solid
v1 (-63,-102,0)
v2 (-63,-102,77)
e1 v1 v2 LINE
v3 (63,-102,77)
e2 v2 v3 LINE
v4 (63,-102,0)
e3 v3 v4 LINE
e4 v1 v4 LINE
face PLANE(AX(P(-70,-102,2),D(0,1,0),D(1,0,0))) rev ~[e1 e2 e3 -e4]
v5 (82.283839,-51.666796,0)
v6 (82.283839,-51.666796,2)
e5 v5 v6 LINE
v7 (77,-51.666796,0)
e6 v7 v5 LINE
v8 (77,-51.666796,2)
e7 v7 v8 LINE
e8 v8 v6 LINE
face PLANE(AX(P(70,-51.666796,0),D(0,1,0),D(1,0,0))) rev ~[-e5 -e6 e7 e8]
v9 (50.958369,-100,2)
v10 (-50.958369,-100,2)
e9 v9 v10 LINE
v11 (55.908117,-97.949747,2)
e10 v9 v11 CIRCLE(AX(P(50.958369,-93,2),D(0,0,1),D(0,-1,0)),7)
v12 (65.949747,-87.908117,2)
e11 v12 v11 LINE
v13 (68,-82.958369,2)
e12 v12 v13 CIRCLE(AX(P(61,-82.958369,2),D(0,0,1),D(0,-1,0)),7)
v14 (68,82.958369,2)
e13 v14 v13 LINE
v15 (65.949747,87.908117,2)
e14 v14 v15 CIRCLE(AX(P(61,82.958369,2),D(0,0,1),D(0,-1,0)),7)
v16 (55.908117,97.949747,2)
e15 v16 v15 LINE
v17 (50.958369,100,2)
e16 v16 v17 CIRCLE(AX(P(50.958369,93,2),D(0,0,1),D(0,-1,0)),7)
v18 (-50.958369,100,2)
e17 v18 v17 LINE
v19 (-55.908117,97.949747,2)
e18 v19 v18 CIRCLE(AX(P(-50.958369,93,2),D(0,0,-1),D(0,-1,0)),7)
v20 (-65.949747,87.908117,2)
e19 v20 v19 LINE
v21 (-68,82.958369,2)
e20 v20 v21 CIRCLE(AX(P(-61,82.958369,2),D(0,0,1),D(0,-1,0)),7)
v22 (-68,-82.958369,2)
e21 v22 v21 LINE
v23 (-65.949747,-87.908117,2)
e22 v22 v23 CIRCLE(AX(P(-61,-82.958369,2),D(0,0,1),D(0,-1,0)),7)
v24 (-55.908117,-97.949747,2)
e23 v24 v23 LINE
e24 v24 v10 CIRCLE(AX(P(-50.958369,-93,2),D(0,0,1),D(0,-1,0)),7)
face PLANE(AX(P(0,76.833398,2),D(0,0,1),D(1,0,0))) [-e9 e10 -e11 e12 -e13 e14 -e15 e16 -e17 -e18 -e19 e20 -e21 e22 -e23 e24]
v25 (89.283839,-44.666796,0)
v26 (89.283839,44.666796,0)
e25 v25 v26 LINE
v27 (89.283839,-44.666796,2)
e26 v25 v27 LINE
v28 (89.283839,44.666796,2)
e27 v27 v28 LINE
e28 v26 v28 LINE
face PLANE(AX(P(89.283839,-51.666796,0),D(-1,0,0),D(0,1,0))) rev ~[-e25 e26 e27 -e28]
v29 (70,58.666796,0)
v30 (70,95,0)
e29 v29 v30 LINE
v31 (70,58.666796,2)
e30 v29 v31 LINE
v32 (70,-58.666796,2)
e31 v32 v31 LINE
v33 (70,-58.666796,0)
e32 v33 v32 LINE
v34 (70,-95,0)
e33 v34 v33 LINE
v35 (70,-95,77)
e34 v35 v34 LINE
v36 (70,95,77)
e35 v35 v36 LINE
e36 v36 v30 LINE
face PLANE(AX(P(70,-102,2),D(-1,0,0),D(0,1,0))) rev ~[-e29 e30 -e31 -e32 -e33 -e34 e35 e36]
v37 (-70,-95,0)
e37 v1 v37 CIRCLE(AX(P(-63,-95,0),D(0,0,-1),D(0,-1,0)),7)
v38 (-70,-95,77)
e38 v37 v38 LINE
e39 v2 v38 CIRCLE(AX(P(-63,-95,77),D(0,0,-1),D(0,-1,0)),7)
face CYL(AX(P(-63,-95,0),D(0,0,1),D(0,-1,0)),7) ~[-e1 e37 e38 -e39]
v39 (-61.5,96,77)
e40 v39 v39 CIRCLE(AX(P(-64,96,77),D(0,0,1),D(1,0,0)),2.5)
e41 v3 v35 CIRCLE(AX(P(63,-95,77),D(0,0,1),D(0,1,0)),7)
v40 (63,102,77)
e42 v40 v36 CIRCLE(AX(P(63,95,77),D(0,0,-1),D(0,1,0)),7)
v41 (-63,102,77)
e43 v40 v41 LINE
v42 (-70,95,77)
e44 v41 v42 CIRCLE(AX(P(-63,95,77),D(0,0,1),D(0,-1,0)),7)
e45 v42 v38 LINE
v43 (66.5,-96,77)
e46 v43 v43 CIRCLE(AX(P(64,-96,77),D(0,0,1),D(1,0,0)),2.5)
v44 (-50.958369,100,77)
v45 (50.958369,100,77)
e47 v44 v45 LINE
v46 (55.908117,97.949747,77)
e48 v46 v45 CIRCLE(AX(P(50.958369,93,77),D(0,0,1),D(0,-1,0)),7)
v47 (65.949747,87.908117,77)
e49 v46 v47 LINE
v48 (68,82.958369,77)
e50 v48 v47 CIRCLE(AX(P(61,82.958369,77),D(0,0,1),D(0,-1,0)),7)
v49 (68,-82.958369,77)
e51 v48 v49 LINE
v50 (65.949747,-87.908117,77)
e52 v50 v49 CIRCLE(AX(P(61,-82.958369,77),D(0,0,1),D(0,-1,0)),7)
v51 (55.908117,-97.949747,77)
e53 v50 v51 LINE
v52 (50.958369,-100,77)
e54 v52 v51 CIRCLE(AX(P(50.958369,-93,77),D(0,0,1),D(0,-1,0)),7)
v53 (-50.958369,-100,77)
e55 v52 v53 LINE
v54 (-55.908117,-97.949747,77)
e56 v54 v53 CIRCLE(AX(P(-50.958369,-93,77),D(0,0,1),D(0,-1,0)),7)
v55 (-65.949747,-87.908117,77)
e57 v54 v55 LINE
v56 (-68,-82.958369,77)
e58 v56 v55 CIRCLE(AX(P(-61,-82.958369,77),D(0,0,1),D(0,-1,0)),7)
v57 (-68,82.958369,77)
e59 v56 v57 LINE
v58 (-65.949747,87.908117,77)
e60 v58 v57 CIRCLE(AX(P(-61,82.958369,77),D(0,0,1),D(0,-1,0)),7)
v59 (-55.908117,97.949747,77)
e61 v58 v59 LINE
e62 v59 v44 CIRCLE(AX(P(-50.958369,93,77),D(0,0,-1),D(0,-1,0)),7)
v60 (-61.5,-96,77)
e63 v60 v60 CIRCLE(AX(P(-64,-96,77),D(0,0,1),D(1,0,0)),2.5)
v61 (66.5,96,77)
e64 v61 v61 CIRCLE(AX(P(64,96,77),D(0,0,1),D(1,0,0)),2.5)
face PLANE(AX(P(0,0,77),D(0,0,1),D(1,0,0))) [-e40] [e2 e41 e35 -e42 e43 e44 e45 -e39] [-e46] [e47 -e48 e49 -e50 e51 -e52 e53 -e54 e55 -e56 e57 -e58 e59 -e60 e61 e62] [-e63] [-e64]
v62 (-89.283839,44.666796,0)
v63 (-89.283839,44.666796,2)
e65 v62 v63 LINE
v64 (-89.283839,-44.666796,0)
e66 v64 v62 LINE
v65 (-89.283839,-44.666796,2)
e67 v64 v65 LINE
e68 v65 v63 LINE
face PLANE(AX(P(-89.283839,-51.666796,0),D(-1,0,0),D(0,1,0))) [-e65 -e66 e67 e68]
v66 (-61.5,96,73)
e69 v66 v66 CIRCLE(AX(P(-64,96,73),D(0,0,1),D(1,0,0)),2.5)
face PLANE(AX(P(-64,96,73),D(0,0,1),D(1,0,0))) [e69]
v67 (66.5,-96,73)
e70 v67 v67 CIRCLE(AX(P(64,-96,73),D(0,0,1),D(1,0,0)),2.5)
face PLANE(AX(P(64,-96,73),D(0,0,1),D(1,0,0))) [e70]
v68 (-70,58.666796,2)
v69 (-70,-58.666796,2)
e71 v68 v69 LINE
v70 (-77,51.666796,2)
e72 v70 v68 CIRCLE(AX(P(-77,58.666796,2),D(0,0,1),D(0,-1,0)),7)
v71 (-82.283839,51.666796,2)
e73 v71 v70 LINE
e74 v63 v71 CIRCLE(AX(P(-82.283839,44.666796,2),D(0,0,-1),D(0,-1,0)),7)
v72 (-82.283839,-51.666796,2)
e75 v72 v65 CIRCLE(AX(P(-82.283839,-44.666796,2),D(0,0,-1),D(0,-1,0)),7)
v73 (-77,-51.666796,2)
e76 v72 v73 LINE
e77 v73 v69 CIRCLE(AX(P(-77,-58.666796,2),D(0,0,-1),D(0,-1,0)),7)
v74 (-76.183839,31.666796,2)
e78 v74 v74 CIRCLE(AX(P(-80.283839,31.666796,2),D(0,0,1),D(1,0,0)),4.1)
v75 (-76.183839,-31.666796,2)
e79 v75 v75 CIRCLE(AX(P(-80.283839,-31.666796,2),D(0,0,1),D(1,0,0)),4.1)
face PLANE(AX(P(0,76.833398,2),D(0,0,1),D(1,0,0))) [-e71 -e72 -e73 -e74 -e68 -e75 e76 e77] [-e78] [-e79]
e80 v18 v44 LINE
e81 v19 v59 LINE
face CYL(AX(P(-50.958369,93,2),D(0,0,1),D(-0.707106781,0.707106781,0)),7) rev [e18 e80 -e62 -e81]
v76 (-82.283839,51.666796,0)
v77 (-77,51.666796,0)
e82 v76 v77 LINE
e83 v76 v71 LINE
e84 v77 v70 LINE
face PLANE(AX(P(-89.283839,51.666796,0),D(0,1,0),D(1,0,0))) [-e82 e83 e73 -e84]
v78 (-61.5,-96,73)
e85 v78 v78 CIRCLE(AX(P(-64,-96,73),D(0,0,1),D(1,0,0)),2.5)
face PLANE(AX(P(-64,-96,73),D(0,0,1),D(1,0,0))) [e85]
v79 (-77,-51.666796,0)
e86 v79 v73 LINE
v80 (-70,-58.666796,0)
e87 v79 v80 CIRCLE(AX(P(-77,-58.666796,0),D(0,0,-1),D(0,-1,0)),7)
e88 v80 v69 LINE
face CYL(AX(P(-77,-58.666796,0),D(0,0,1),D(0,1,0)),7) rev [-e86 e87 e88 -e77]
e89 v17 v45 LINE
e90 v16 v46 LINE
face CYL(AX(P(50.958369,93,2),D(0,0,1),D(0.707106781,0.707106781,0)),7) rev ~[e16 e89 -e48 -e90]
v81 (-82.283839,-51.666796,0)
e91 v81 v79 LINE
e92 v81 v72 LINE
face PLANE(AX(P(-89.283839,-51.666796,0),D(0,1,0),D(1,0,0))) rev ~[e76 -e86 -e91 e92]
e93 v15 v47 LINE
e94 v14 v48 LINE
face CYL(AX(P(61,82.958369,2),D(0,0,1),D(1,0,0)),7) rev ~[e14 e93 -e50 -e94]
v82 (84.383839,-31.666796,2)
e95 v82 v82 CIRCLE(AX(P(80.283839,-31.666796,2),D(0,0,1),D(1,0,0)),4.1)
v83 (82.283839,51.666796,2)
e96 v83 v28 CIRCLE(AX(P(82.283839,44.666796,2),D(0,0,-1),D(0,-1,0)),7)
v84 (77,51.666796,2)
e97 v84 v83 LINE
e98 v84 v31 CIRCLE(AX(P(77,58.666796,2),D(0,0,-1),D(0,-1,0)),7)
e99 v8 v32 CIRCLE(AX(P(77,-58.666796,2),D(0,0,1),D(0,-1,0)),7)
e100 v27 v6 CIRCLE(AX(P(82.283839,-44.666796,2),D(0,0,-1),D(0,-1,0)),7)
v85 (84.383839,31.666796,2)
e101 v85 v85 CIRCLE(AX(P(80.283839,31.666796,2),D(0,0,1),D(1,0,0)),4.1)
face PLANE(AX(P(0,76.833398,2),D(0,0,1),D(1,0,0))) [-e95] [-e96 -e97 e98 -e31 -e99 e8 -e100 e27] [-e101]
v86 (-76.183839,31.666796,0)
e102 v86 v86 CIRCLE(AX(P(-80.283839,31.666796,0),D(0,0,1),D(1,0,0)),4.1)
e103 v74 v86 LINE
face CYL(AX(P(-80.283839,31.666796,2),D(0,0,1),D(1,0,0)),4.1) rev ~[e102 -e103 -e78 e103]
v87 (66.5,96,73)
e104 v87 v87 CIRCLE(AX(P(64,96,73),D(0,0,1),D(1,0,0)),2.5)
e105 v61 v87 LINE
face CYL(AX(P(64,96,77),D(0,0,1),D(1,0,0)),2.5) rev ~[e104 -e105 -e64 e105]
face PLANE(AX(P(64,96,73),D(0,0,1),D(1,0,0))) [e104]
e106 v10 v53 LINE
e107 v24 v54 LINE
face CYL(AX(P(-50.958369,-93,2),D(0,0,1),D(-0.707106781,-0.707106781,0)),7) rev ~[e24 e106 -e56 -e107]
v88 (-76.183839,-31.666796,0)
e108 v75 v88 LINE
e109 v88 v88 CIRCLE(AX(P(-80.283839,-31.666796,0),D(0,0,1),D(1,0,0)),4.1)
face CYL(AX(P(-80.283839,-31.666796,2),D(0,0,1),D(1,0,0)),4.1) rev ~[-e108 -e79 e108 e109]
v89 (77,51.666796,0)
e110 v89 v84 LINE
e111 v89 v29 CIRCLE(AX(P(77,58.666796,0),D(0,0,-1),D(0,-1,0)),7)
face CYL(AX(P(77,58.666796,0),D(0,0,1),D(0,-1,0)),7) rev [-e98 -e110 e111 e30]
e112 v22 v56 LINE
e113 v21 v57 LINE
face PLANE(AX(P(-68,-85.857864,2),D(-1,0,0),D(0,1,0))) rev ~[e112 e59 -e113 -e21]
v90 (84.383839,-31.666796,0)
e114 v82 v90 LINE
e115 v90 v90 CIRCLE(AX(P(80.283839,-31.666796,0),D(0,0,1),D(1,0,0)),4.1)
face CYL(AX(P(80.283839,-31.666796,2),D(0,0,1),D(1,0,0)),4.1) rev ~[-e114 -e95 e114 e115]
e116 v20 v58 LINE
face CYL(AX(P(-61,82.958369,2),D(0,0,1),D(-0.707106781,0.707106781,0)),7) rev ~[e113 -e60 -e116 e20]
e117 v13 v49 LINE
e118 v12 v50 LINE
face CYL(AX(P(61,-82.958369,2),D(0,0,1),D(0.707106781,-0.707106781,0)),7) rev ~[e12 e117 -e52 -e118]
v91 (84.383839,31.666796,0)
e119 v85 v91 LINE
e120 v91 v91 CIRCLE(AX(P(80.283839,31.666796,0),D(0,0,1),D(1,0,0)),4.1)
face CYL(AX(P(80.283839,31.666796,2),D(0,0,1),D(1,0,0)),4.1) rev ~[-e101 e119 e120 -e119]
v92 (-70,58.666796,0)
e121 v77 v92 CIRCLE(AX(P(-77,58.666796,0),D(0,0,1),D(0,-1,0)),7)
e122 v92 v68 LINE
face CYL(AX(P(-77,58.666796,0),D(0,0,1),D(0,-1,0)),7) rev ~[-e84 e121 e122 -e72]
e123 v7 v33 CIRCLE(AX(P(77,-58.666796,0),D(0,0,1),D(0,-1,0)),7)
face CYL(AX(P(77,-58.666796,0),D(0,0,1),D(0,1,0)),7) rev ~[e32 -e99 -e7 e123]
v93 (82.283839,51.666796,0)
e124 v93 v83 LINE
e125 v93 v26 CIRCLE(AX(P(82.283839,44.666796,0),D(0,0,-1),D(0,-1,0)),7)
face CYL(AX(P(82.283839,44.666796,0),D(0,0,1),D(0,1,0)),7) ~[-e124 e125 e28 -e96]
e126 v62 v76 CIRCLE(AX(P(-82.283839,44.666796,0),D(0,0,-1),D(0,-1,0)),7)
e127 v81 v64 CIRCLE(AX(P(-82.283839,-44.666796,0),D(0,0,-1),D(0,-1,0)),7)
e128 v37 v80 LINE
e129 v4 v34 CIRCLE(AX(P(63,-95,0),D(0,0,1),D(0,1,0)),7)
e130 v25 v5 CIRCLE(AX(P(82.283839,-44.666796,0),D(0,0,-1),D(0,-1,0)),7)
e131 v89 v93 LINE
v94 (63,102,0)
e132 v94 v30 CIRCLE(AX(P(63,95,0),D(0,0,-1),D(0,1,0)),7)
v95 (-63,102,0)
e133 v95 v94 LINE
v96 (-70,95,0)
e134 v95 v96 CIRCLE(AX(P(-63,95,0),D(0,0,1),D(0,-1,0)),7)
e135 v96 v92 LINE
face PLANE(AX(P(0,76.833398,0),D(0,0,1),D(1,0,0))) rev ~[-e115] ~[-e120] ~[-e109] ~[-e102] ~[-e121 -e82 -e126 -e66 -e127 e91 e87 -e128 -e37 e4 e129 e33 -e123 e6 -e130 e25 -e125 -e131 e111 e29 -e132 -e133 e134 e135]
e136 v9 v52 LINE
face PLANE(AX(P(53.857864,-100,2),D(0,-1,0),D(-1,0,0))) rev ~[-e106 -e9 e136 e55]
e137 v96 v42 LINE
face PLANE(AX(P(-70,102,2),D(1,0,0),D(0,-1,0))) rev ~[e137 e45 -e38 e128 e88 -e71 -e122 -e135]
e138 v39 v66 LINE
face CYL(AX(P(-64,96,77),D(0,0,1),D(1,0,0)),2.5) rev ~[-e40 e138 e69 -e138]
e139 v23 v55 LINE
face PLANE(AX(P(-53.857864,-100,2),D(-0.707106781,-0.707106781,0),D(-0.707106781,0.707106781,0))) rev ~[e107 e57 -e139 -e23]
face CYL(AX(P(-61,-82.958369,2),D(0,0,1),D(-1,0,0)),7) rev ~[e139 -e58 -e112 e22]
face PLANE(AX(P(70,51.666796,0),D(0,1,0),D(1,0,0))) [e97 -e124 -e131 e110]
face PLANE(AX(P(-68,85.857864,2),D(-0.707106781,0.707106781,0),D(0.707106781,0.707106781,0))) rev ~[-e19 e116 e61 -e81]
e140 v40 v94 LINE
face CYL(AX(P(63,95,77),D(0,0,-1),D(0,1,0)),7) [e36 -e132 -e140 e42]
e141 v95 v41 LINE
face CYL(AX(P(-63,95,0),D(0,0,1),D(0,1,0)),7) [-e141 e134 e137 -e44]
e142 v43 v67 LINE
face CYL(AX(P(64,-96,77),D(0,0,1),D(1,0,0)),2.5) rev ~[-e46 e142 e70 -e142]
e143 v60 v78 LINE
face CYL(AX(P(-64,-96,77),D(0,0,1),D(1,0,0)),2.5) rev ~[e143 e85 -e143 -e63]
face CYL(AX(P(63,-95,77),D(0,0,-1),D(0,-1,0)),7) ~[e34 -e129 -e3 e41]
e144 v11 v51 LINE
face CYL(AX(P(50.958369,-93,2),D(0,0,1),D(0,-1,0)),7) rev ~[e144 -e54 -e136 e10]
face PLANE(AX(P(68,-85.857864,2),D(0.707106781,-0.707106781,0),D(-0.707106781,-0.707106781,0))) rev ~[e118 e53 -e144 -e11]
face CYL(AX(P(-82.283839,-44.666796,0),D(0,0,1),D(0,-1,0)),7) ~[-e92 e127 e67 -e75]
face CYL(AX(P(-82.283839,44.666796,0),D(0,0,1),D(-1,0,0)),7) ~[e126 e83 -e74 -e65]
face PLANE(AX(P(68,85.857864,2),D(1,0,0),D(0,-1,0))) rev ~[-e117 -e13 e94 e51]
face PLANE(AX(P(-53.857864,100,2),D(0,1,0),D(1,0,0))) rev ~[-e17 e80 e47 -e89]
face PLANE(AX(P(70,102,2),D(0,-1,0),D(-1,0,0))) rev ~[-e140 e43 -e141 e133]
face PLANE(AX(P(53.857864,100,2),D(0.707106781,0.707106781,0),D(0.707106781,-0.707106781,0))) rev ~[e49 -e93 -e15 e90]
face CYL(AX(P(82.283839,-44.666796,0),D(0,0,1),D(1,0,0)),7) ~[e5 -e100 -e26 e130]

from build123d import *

# Parameters (mm, degrees)
F0_W     = 140
F0_H     = 50.3332037926
F0_H_2   = 103.3335924149
F0_W_2   = 19.2838388681
F1_DEPTH = 2
F3_DEPTH = 75
F4_R     = 7
F5_R     = 2.5
F6_DEPTH = 4
F7_R     = 4.1
F8_DEPTH = 25


with BuildPart() as f1:
    # F0 (on Top) → F1 (new body)
    with BuildSketch(Plane.XY):
        with Locations((0, 76.8333981037)):
            Rectangle(F0_W, F0_H)
        Rectangle(F0_W, F0_H_2)
        with Locations((-79.6419194341, 0)):
            Rectangle(F0_W_2, F0_H_2)
        with Locations((0, -76.8333981037)):
            Rectangle(F0_W, F0_H)
        with Locations((79.6419194341, 0)):
            Rectangle(F0_W_2, F0_H_2)
    extrude(amount=F1_DEPTH)

    # F2 (on face) → F3 (join)
    with BuildSketch(Plane.XY.offset(2)):
        Polygon((70, 51.6667962074), (70, 102), (-70, 102), (-70, 51.6667962074), (-70, -51.6667962074), (-70, -102), (70, -102), (70, -51.6667962074), align=None)
        Polygon((53.8578643763, 100), (68, 100), (68, 85.8578643763), (68, -85.8578643763), (68, -100), (53.8578643763, -100), (-53.8578643763, -100), (-68, -100), (-68, -85.8578643763), (-68, 85.8578643763), (-68, 100), (-53.8578643763, 100), align=None, mode=Mode.SUBTRACT)
        Polygon((-68, 85.8578643763), (-53.8578643763, 100), (-68, 100), align=None)
        Polygon((68, 85.8578643763), (68, 100), (53.8578643763, 100), align=None)
        Polygon((68, -100), (68, -85.8578643763), (53.8578643763, -100), align=None)
        Polygon((-53.8578643763, -100), (-68, -85.8578643763), (-68, -100), align=None)
    extrude(amount=F3_DEPTH)

    # F4
    f4_edges = [f1.edges().sort_by_distance(p)[0] for p in [
        (70, -102, 38.5),
        (70, 102, 38.5),
        (-70, 102, 38.5),
        (-70, -102, 38.5),
        (-53.857864, -100, 39.5),
        (-68, -85.857864, 39.5),
        (53.857864, -100, 39.5),
        (68, -85.857864, 39.5),
        (-68, 85.857864, 39.5),
        (-53.857864, 100, 39.5),
        (53.857864, 100, 39.5),
        (68, 85.857864, 39.5),
        (-70, 51.666796, 1),
        (-89.283839, 51.666796, 1),
        (-89.283839, -51.666796, 1),
        (-70, -51.666796, 1),
        (70, -51.666796, 1),
        (89.283839, -51.666796, 1),
        (89.283839, 51.666796, 1),
        (70, 51.666796, 1),
    ]]
    fillet(f4_edges, radius=F4_R)

    # F5 (on face) → F6 (cut)
    with BuildSketch(Plane.XY.offset(77)):
        with Locations((-64, 96)):
            Circle(F5_R)
        with Locations((64, 96)):
            Circle(F5_R)
        with Locations((64, -96)):
            Circle(F5_R)
        with Locations((-64, -96)):
            Circle(F5_R)
    extrude(amount=-F6_DEPTH, mode=Mode.SUBTRACT)

    # F7 (on face) → F8 (cut)
    with BuildSketch(Plane.XY.offset(2)):
        with Locations((-80.2838388681, 31.6667962074)):
            Circle(F7_R)
        with Locations((-80.2838388681, -31.6667962074)):
            Circle(F7_R)
        with Locations((80.2838388681, -31.6667962074)):
            Circle(F7_R)
        with Locations((80.2838388681, 31.6667962074)):
            Circle(F7_R)
    extrude(amount=-F8_DEPTH, mode=Mode.SUBTRACT)


solid = f1.part
